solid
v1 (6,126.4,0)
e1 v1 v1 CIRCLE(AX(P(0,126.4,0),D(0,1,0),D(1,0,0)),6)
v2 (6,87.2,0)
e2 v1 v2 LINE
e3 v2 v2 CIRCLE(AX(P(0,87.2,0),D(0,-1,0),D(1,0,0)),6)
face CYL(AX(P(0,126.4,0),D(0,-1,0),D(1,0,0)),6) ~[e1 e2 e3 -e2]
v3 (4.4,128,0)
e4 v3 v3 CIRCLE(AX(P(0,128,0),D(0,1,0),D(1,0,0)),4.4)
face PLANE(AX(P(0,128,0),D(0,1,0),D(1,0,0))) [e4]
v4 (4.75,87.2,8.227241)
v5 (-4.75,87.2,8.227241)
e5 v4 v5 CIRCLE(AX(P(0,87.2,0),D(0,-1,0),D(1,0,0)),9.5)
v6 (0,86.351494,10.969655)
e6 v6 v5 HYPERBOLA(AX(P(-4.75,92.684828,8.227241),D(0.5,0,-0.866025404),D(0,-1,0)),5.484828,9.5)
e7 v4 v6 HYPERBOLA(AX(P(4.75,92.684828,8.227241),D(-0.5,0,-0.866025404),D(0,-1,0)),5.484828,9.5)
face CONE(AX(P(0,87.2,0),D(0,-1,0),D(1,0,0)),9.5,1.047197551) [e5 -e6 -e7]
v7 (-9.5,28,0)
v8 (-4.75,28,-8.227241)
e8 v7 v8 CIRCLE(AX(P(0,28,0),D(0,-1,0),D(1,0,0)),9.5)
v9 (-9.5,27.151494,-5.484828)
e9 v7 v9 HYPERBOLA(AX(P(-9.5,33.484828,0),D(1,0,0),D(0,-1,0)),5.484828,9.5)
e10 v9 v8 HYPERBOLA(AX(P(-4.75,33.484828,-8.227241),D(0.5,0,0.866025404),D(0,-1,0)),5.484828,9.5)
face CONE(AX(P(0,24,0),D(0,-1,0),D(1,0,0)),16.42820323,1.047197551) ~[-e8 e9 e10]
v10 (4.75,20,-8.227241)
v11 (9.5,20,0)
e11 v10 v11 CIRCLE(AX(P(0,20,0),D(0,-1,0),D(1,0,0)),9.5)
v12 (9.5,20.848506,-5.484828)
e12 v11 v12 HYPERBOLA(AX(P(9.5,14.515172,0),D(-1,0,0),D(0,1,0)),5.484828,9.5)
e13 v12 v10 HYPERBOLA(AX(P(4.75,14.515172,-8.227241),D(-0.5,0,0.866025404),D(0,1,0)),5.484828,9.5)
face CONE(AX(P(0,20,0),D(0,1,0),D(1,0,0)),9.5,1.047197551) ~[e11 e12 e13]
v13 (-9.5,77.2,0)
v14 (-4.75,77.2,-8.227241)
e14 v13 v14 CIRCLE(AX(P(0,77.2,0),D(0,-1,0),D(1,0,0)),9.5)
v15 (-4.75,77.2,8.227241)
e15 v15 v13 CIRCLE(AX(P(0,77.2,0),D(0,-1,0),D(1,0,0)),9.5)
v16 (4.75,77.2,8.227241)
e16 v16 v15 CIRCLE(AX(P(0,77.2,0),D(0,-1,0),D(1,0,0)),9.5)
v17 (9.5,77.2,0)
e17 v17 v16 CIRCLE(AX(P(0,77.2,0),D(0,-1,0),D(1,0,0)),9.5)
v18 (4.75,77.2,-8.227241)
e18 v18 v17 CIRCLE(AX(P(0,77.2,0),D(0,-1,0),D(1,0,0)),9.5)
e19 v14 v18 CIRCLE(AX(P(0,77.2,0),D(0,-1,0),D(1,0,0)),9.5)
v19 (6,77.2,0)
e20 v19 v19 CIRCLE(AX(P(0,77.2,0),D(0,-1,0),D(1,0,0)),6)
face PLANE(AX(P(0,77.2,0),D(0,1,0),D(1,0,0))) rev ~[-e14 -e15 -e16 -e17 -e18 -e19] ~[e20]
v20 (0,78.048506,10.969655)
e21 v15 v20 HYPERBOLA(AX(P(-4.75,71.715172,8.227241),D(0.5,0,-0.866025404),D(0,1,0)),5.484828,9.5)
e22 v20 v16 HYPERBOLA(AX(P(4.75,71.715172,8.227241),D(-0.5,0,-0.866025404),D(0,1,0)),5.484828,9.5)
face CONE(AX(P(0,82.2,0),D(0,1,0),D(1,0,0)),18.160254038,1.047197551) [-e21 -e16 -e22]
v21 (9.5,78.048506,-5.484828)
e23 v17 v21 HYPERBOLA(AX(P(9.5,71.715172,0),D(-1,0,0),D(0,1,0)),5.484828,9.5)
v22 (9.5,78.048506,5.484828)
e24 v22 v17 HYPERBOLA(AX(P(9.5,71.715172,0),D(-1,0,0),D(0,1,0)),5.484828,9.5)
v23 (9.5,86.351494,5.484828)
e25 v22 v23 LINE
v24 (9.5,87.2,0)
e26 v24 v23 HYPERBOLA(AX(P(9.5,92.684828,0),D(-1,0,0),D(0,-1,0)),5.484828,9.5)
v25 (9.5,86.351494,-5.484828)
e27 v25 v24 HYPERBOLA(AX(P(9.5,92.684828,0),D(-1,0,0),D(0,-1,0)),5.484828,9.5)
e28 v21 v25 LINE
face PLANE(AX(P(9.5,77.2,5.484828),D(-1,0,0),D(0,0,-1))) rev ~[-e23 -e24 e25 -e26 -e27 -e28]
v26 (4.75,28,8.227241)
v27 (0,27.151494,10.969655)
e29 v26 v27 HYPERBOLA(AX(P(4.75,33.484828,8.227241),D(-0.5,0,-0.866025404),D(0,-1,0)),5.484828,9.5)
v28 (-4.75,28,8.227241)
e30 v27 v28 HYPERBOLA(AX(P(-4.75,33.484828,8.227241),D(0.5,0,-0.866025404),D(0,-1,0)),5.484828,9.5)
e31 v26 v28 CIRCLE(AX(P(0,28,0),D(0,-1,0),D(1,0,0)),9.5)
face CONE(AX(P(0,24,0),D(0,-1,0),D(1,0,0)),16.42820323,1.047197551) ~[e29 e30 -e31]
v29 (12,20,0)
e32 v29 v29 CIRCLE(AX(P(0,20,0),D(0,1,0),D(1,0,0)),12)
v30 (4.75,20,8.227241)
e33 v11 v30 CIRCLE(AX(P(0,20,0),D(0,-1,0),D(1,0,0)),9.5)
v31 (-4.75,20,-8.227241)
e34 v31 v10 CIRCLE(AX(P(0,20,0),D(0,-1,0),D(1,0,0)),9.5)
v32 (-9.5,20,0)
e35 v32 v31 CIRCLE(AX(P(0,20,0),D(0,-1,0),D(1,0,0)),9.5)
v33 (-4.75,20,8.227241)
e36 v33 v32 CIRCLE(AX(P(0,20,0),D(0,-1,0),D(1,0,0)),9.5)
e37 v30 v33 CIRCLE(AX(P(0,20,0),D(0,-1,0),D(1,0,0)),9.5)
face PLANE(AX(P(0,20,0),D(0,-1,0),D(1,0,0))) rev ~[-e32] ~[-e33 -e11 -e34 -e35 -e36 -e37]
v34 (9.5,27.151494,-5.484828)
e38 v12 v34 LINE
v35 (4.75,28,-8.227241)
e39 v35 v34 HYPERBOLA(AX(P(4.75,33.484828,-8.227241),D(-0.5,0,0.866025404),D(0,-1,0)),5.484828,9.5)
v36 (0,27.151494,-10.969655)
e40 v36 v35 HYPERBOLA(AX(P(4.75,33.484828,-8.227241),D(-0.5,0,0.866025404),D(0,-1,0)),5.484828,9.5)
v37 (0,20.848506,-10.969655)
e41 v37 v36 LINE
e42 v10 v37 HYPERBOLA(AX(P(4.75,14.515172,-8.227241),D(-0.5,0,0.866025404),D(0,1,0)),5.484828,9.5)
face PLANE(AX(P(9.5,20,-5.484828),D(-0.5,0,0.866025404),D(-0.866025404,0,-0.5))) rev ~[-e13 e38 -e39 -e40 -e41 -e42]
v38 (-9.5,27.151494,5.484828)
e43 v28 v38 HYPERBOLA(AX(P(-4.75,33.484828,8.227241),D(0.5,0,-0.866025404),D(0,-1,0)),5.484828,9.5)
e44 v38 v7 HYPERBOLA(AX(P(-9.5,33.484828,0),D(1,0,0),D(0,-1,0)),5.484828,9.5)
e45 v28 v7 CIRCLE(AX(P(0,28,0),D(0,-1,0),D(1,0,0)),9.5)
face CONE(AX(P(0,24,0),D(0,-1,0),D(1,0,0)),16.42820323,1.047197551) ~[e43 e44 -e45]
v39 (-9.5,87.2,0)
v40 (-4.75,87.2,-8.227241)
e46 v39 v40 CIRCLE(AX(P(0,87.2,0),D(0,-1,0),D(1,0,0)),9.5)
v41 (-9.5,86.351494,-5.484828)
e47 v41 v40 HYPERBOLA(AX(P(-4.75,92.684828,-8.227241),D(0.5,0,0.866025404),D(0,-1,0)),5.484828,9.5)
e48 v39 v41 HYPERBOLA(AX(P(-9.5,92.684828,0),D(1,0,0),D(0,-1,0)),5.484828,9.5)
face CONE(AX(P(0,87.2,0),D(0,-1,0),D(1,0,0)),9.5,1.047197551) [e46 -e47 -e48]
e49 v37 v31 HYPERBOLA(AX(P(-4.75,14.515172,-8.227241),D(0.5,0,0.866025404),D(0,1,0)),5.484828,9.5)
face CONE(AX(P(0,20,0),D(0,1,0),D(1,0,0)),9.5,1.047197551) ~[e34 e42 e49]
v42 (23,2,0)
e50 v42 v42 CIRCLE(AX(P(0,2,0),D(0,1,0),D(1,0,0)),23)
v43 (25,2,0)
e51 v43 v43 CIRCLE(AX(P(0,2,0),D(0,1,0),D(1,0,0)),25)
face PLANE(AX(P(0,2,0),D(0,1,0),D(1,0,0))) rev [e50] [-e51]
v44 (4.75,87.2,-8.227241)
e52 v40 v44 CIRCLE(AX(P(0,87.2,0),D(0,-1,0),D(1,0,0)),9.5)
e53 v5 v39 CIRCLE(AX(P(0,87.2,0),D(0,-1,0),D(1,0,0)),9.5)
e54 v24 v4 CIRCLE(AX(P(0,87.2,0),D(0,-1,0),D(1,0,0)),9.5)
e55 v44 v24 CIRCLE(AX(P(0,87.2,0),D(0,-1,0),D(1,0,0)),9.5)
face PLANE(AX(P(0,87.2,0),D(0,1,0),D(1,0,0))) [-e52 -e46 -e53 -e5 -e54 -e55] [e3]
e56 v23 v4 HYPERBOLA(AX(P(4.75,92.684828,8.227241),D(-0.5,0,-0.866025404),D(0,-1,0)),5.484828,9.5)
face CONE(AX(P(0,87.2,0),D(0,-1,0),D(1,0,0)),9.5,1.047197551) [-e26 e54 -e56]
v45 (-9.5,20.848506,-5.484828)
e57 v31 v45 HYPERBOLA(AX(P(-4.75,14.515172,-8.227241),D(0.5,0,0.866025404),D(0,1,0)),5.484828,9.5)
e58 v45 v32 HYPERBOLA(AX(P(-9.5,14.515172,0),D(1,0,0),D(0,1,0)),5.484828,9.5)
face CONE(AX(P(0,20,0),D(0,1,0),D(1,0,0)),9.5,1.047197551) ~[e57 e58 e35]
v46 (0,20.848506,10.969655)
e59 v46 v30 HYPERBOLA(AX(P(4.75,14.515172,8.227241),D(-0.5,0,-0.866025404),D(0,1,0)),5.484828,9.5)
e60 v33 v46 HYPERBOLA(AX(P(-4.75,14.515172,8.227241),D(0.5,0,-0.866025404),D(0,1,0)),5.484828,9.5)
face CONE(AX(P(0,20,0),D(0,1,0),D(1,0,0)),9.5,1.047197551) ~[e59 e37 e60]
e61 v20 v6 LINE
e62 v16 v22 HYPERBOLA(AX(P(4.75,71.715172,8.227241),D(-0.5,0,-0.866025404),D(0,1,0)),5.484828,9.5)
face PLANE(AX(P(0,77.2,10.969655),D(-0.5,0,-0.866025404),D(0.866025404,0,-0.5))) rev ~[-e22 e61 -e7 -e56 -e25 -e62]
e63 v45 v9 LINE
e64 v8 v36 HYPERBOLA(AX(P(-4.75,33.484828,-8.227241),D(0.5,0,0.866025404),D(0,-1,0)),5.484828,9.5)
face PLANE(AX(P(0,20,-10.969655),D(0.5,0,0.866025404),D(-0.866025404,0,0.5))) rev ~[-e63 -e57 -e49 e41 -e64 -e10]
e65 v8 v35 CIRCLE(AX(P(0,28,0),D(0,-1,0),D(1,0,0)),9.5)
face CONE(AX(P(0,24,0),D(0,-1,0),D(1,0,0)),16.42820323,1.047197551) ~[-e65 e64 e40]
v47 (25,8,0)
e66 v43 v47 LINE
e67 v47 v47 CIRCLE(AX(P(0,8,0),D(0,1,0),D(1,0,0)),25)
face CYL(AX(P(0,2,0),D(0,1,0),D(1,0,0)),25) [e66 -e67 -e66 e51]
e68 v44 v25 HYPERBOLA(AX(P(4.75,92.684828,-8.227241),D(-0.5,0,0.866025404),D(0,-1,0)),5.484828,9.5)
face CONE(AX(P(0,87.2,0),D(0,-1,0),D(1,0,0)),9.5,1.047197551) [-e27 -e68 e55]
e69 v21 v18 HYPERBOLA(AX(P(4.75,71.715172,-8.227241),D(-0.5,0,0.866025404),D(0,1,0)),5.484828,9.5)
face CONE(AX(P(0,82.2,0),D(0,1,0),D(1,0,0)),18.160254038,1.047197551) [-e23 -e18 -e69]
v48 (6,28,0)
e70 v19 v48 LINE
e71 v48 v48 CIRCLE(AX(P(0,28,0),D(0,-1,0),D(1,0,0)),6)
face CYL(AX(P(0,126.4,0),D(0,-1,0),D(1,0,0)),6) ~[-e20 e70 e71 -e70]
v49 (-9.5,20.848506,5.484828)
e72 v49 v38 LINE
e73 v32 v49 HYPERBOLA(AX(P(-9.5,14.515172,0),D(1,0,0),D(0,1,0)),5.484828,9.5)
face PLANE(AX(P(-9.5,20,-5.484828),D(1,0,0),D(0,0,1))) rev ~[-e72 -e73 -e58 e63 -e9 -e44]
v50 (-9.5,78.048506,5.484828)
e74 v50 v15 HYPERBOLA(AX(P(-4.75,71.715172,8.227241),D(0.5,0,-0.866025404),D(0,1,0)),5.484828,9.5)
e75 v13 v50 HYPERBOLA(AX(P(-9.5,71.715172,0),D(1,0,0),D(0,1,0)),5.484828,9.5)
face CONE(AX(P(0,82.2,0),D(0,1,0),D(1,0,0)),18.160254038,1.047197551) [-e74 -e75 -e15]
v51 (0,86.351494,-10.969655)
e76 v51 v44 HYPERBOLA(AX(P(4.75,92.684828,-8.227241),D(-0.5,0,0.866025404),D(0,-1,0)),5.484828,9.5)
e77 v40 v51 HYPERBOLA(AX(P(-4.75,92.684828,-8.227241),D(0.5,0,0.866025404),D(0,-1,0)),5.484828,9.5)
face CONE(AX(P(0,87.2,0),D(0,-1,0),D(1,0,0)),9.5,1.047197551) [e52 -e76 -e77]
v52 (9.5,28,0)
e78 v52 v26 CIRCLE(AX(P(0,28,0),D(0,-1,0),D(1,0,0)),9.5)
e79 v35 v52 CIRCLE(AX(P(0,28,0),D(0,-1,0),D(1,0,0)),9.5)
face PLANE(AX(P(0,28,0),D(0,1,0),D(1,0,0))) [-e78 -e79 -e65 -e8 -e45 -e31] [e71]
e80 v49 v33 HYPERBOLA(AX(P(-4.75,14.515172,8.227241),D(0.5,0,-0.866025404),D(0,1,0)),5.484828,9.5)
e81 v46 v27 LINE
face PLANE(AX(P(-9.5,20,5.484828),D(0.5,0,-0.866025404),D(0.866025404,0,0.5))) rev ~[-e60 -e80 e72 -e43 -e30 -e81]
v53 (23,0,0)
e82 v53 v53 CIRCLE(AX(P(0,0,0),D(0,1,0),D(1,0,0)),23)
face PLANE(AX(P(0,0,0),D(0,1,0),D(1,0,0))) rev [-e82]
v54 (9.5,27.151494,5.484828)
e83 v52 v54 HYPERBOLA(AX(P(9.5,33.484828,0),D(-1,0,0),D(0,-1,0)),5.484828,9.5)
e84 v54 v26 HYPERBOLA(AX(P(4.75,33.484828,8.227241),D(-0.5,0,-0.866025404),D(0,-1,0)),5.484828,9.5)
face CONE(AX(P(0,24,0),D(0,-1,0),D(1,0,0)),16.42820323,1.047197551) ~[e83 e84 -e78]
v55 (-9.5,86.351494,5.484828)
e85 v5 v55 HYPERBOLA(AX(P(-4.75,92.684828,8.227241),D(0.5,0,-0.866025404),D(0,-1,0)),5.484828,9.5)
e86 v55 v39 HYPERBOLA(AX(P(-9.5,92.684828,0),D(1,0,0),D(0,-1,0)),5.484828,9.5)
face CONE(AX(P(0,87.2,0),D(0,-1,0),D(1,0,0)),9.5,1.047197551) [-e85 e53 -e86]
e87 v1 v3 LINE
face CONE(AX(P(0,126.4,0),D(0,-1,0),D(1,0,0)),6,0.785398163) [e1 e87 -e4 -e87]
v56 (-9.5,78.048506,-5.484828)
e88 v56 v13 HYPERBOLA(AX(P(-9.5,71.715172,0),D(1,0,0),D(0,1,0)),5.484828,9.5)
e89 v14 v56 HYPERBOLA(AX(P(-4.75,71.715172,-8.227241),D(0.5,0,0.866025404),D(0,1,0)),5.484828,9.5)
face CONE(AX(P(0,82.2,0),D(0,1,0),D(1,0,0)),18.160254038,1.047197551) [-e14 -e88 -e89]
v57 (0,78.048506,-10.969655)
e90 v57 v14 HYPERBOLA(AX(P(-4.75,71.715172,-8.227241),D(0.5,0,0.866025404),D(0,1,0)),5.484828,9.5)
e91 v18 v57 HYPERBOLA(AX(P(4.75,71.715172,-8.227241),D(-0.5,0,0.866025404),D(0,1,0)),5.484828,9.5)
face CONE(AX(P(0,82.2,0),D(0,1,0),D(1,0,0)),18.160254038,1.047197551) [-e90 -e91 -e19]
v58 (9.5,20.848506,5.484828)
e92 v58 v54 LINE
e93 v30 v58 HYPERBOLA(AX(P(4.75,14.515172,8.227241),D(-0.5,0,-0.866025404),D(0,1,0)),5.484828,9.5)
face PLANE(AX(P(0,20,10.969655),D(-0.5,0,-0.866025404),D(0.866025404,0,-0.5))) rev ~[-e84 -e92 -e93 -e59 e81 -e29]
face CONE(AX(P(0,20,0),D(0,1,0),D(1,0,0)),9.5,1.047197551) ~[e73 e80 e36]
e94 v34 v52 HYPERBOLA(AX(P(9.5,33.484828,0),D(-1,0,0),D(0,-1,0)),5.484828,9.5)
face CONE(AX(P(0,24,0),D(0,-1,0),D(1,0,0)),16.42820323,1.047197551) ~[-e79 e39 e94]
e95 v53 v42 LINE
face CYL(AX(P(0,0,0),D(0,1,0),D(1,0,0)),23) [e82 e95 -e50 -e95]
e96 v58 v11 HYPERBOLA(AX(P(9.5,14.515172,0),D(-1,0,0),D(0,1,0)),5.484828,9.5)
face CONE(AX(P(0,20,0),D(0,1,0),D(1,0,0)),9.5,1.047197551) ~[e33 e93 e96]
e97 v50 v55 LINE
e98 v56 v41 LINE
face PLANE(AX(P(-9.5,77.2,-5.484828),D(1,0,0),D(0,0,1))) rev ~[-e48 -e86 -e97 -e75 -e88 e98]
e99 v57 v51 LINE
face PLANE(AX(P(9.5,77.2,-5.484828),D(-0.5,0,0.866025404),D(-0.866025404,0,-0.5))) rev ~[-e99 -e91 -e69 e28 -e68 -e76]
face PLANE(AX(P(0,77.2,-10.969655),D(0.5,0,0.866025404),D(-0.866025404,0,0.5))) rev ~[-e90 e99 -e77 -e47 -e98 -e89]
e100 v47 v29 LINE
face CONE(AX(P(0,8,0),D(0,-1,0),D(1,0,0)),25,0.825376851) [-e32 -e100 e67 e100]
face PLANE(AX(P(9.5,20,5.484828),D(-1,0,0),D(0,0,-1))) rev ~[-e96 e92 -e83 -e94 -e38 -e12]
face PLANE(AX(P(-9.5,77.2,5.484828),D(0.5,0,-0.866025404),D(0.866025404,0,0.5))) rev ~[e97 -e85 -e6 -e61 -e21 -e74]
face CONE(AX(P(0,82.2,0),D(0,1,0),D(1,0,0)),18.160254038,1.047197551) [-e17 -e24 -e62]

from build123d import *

# Parameters (mm, degrees)
EXTRUDE_1_DEPTH = 8
EXTRUDE_2_DEPTH = 10


with BuildPart() as part:
    # Эскиз1 → Повернуть1 (revolve)
    with BuildSketch(Plane.XY, mode=Mode.PRIVATE) as revolve_1_sk:
        Polygon((0, 0), (-23, 0), (-23, 2), (-25, 2), (-25, 8), (-12, 20), (-6, 20), (-6, 28), (-6, 126.4), (-4.4, 128), (0, 128), align=None)
    revolve(revolve_1_sk.sketch.rotate(Axis((0, 0, 0), (0, 1, 0)), 180), axis=Axis((0, 0, 0), (0, 1, 0)))  # turned: the seam where the file's is

    # Эскиз2 → Бобышка-Вытянуть1 (add)
    with BuildSketch(Plane(origin=(0, 20, 0), x_dir=(1, 0, 0), z_dir=(0, 1, 0))):
        Polygon((0, 10.969655115), (-9.5, 5.484827557), (-9.5, -5.484827557), (0, -10.969655115), (9.5, -5.484827557), (9.5, 5.484827557), align=None)
    extrude(amount=EXTRUDE_1_DEPTH)

    # Эскиз3 → Бобышка-Вытянуть2 (add)
    with BuildSketch(Plane(origin=(0, 77.2, 0), x_dir=(1, 0, 0), z_dir=(0, 1, 0))):
        Polygon((9.5, 5.484827557), (0, 10.969655115), (-9.5, 5.484827557), (-9.5, -5.484827557), (0, -10.969655115), (9.5, -5.484827557), align=None)
    extrude(amount=EXTRUDE_2_DEPTH)

    # Эскиз4 → Вырез-Повернуть2 (revolve, cut)
    with BuildSketch(Plane.XY, mode=Mode.PRIVATE) as cut_revolve_2_sk:
        Polygon((-18.160254038, 87.2), (-9.5, 87.2), (-18.160254038, 82.2), align=None)
        Polygon((-18.160254038, 77.2), (-18.160254038, 82.2), (-9.5, 77.2), align=None)
        Polygon((-16.42820323, 28), (-16.42820323, 24), (-9.5, 28), align=None)
        Polygon((-16.42820323, 24), (-16.42820323, 20), (-9.5, 20), align=None)
    revolve(cut_revolve_2_sk.sketch.rotate(Axis((0, 128, 0), (0, -1, 0)), 180), axis=Axis((0, 128, 0), (0, -1, 0)), mode=Mode.SUBTRACT)  # turned: the seam where the file's is


solid = part.part
